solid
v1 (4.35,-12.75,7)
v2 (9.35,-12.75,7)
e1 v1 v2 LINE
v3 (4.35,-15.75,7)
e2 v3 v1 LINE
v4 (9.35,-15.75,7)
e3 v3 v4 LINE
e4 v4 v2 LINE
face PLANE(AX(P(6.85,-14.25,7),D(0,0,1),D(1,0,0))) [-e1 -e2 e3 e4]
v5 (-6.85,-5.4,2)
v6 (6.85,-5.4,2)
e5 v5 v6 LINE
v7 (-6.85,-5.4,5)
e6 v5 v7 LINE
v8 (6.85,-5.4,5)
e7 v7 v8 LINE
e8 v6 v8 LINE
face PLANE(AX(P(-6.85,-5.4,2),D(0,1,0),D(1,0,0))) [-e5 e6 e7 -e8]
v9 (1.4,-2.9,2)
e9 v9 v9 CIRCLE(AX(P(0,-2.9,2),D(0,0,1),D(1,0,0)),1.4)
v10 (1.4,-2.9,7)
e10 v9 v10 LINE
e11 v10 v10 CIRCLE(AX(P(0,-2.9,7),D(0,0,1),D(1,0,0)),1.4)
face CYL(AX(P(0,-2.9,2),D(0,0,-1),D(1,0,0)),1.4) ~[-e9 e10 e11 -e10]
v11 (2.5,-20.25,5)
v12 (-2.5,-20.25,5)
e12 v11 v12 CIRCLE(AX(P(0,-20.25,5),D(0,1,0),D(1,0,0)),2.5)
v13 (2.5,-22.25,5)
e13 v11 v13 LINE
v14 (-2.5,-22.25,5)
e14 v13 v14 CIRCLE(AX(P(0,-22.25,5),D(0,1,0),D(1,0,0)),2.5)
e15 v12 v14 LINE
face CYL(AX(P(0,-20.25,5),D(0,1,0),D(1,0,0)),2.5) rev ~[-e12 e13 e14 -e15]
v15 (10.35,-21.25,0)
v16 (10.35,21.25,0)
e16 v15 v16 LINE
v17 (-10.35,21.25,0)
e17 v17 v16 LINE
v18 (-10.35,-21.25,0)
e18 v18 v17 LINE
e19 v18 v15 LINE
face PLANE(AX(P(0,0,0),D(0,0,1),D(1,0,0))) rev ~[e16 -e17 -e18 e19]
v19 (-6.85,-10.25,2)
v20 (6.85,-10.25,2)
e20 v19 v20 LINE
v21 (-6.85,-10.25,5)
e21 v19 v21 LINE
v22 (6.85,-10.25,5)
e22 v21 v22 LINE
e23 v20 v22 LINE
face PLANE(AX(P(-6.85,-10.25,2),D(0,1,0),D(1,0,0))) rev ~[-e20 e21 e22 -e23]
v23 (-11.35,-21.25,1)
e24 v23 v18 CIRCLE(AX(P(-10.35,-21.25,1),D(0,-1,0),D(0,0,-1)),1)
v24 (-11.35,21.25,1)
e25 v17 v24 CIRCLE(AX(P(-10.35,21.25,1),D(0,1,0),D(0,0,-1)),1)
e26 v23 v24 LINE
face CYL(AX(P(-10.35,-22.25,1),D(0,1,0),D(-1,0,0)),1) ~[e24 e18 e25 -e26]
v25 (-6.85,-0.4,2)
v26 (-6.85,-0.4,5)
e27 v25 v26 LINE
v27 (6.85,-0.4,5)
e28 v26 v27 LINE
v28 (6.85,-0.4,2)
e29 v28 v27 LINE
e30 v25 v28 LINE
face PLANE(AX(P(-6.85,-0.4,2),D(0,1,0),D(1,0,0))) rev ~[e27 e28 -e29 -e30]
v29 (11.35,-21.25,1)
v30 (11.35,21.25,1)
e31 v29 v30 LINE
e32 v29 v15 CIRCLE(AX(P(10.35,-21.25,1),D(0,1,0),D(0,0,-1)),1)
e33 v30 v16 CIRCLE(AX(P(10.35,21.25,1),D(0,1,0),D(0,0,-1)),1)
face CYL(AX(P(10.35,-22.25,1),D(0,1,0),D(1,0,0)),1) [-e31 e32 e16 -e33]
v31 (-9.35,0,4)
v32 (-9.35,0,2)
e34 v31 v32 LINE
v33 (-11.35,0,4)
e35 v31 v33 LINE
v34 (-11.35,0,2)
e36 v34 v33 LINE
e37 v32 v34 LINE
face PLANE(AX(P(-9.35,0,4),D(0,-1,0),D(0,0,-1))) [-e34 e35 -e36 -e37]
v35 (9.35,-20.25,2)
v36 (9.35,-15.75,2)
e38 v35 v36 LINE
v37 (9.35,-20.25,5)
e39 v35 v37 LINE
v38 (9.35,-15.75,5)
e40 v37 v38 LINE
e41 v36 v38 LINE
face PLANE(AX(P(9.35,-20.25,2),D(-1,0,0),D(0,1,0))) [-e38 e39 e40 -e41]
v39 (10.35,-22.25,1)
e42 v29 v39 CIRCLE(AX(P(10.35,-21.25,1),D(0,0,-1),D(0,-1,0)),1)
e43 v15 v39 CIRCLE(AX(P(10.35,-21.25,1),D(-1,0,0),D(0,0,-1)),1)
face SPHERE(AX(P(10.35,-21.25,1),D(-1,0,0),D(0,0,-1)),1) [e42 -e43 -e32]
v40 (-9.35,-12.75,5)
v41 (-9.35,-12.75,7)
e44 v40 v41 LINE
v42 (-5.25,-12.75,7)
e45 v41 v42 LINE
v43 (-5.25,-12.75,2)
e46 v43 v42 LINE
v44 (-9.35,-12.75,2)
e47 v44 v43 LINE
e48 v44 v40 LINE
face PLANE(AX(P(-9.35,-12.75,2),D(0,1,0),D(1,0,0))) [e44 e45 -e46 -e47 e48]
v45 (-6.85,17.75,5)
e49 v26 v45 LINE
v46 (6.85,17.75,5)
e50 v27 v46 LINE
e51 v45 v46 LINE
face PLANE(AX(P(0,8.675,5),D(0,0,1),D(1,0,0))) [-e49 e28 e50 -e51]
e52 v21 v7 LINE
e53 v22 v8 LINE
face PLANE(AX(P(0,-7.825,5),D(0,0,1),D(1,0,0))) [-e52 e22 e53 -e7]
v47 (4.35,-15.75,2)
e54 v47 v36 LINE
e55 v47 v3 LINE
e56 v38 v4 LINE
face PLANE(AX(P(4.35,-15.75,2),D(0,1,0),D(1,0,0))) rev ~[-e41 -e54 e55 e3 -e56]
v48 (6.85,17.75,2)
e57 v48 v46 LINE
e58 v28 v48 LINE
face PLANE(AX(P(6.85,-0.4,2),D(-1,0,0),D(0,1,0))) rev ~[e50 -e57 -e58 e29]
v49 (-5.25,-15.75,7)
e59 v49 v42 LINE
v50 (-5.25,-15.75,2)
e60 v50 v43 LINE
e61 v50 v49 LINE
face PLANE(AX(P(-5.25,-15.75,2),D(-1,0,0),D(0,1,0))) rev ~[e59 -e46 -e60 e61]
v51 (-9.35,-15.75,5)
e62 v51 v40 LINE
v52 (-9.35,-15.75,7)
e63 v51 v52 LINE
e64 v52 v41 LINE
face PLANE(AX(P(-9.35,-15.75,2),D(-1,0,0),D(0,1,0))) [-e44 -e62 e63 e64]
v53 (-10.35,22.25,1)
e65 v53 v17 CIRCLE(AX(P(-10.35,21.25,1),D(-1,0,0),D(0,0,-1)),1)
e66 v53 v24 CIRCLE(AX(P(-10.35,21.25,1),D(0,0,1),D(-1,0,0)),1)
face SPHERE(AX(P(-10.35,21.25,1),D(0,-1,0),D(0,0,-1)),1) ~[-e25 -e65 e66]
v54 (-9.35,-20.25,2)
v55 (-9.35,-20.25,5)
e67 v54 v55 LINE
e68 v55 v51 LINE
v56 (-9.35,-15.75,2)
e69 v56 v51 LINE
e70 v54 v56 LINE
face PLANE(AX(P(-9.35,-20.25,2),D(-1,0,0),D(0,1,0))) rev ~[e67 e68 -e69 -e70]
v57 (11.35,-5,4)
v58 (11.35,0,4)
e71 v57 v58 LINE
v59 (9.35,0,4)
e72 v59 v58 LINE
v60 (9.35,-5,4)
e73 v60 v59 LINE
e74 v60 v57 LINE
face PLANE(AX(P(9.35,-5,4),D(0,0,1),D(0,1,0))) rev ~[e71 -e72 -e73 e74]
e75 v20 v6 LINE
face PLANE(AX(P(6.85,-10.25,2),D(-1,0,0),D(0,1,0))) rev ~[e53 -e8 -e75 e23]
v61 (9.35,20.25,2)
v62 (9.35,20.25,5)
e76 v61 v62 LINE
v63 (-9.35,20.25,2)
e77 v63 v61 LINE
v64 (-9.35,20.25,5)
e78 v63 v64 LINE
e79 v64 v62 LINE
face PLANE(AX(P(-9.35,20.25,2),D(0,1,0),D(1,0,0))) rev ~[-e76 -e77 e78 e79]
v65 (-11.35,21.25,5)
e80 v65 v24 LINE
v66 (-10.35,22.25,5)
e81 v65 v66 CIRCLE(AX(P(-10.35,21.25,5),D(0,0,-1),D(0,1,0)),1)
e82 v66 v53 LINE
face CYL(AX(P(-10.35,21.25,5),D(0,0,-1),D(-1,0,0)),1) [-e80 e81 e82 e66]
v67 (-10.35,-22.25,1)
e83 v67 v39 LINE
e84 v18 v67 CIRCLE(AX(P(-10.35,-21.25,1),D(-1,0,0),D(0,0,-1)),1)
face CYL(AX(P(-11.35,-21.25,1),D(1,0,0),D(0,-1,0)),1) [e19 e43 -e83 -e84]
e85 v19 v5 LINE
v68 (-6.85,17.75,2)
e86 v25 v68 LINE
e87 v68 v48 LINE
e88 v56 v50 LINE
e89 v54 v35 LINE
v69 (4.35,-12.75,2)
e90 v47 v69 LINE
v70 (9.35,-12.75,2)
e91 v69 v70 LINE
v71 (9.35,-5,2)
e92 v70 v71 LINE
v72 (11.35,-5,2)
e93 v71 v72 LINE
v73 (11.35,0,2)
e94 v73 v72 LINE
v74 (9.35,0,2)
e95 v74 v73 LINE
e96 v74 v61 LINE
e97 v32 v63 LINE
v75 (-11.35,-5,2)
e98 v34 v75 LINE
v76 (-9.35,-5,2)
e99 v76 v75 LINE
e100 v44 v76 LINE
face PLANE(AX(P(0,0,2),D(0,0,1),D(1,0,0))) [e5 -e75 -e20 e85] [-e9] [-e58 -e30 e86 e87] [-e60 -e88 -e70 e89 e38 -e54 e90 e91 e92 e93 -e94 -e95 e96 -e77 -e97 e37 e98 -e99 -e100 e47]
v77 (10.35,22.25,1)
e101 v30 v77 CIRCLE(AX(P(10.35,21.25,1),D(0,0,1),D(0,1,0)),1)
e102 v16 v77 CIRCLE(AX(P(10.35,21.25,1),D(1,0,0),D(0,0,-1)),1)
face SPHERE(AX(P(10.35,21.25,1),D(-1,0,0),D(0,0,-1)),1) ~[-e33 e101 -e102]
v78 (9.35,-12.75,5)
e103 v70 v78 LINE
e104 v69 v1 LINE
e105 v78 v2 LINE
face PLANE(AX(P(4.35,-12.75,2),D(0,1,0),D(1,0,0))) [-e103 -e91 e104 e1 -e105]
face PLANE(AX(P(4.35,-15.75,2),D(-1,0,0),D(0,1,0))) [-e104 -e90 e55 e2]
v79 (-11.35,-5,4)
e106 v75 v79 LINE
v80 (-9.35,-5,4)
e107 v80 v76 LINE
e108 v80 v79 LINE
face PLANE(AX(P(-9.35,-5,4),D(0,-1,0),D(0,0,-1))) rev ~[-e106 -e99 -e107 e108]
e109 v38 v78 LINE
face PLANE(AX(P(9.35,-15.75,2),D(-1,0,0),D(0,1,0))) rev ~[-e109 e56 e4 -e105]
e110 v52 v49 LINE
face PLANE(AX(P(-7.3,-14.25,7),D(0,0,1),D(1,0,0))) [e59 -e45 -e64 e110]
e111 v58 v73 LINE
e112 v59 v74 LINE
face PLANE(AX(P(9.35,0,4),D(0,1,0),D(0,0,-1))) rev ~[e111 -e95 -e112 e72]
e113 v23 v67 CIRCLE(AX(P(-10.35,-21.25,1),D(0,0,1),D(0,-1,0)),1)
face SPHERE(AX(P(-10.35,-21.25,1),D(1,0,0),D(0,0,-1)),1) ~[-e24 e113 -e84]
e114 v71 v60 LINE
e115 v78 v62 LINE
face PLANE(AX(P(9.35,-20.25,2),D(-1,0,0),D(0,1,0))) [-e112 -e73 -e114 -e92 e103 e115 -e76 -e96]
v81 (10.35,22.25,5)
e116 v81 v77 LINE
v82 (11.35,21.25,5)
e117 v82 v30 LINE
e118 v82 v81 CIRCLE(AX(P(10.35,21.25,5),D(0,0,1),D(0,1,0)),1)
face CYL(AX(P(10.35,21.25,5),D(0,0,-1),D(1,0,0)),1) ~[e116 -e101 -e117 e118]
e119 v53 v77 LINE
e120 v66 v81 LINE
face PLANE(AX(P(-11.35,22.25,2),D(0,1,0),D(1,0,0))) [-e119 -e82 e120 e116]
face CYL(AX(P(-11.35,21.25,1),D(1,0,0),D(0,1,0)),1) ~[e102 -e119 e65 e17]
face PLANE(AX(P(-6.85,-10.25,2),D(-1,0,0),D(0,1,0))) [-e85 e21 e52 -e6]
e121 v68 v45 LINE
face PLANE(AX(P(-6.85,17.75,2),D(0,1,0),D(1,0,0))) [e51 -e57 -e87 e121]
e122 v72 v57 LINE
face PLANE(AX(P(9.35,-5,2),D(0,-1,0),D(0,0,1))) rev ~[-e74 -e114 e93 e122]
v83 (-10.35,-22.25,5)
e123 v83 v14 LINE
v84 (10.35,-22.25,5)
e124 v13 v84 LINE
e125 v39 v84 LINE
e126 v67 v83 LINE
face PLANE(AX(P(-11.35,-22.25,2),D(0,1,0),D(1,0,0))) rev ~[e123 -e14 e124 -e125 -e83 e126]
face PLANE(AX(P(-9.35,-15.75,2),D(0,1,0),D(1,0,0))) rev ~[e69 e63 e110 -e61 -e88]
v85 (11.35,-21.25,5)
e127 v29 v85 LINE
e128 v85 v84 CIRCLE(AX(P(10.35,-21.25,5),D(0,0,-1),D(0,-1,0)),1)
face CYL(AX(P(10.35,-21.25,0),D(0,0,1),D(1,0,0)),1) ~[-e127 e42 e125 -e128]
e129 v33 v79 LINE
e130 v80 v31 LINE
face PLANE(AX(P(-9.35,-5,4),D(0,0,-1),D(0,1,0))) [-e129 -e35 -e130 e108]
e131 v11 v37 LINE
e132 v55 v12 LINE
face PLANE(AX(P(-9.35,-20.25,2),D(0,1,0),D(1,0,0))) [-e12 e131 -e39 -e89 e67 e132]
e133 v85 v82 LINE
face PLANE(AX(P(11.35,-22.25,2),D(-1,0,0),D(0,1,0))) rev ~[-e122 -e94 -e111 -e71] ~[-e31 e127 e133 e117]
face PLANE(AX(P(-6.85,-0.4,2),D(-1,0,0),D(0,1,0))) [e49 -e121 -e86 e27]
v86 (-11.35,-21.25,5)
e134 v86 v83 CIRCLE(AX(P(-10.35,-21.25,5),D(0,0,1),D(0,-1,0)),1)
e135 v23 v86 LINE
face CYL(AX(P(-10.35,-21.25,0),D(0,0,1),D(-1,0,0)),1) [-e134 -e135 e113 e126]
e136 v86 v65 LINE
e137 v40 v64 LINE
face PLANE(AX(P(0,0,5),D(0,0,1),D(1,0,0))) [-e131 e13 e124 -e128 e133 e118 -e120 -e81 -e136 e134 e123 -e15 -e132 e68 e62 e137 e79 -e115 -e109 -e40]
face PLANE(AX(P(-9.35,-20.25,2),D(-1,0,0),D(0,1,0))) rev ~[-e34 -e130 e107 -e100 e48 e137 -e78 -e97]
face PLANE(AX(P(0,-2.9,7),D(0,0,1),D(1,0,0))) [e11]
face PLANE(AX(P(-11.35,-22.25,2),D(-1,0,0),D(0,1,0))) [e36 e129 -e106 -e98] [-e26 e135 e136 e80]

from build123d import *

# Parameters (mm, degrees)
SKETCH1_W           = 22.7
SKETCH1_H           = 44.5
BOSS_EXTRUDE1_DEPTH = 2
SKETCH2_W           = 22.7
SKETCH2_H           = 44.5
SKETCH2_W_2         = 18.7
SKETCH2_H_2         = 40.5
BOSS_EXTRUDE2_DEPTH = 3
SKETCH3_W           = 5
SKETCH3_H           = 3
SKETCH3_W_2         = 4.1
SKETCH3_R           = 1.4
BOSS_EXTRUDE3_DEPTH = 5
SKETCH4_W           = 2
SKETCH4_H           = 5
CUT_EXTRUDE1_DEPTH  = 3
CUT_EXTRUDE2_DEPTH  = 3
FILLET2_R           = 1
SKETCH12_W          = 13.7
SKETCH12_H          = 18.15
SKETCH12_H_2        = 4.85
BOSS_EXTRUDE8_DEPTH = 3
CUT_EXTRUDE3_DEPTH  = 3


with BuildPart() as part:
    # Sketch1 → Boss-Extrude1 (new body)
    with BuildSketch(Plane.XY):
        Rectangle(SKETCH1_W, SKETCH1_H)
    extrude(amount=BOSS_EXTRUDE1_DEPTH)

    # Sketch2 → Boss-Extrude2 (add)
    with BuildSketch(Plane.XY.offset(2)):
        Rectangle(SKETCH2_W, SKETCH2_H)
        Rectangle(SKETCH2_W_2, SKETCH2_H_2, mode=Mode.SUBTRACT)
    extrude(amount=BOSS_EXTRUDE2_DEPTH)

    # Sketch3 → Boss-Extrude3 (add)
    with BuildSketch(Plane.XY.offset(2)):
        with Locations((6.85, -14.25)):
            Rectangle(SKETCH3_W, SKETCH3_H)
        with Locations((-7.3, -14.25)):
            Rectangle(SKETCH3_W_2, SKETCH3_H)
        with Locations((0, -2.9)):
            Circle(SKETCH3_R)
    extrude(amount=BOSS_EXTRUDE3_DEPTH)

    # Sketch4 → Cut-Extrude1 (cut, through all)
    with BuildSketch(Plane(origin=(-9.35, 0, 0), x_dir=(0, 0, -1), z_dir=(1, 0, 0))):
        with Locations((-3, -2.5)):
            Rectangle(SKETCH4_W, SKETCH4_H)
    extrude(amount=-CUT_EXTRUDE1_DEPTH, mode=Mode.SUBTRACT)

    # Sketch8 → Cut-Extrude2 (cut, through all)
    with BuildSketch(Plane.ZY.offset(-9.35)):
        Polygon((2, 0), (2, -2.5), (2, -5), (4, -5), (4, -2.5), (4, 0), align=None)
    extrude(amount=-CUT_EXTRUDE2_DEPTH, mode=Mode.SUBTRACT)

    # Fillet2
    fillet2_edges = [part.edges().sort_by_distance(p)[0] for p in [
        (0, -22.25, 0),
        (-11.35, 0, 0),
        (0, 22.25, 0),
        (11.35, 0, 0),
        (11.35, -22.25, 2.5),
        (-11.35, -22.25, 2.5),
        (-11.35, 22.25, 2.5),
        (11.35, 22.25, 2.5),
    ]]
    fillet(fillet2_edges, radius=FILLET2_R)

    # Sketch12 → Boss-Extrude8 (add)
    with BuildSketch(Plane.XY.offset(2)):
        with Locations((0, 8.675)):
            Rectangle(SKETCH12_W, SKETCH12_H)
        with Locations((0, -7.825)):
            Rectangle(SKETCH12_W, SKETCH12_H_2)
    extrude(amount=BOSS_EXTRUDE8_DEPTH)

    # Sketch13 → Cut-Extrude3 (cut, through all)
    with BuildSketch(Plane(origin=(0, -20.25, 0), x_dir=(1, 0, 0), z_dir=(0, 1, 0))):
        with BuildLine():
            Line((-2.5, -5), (2.5, -5))
            ThreePointArc((2.5, -5), (0, -2.5), (-2.5, -5))
        make_face()
    extrude(amount=-CUT_EXTRUDE3_DEPTH, mode=Mode.SUBTRACT)


solid = part.part
